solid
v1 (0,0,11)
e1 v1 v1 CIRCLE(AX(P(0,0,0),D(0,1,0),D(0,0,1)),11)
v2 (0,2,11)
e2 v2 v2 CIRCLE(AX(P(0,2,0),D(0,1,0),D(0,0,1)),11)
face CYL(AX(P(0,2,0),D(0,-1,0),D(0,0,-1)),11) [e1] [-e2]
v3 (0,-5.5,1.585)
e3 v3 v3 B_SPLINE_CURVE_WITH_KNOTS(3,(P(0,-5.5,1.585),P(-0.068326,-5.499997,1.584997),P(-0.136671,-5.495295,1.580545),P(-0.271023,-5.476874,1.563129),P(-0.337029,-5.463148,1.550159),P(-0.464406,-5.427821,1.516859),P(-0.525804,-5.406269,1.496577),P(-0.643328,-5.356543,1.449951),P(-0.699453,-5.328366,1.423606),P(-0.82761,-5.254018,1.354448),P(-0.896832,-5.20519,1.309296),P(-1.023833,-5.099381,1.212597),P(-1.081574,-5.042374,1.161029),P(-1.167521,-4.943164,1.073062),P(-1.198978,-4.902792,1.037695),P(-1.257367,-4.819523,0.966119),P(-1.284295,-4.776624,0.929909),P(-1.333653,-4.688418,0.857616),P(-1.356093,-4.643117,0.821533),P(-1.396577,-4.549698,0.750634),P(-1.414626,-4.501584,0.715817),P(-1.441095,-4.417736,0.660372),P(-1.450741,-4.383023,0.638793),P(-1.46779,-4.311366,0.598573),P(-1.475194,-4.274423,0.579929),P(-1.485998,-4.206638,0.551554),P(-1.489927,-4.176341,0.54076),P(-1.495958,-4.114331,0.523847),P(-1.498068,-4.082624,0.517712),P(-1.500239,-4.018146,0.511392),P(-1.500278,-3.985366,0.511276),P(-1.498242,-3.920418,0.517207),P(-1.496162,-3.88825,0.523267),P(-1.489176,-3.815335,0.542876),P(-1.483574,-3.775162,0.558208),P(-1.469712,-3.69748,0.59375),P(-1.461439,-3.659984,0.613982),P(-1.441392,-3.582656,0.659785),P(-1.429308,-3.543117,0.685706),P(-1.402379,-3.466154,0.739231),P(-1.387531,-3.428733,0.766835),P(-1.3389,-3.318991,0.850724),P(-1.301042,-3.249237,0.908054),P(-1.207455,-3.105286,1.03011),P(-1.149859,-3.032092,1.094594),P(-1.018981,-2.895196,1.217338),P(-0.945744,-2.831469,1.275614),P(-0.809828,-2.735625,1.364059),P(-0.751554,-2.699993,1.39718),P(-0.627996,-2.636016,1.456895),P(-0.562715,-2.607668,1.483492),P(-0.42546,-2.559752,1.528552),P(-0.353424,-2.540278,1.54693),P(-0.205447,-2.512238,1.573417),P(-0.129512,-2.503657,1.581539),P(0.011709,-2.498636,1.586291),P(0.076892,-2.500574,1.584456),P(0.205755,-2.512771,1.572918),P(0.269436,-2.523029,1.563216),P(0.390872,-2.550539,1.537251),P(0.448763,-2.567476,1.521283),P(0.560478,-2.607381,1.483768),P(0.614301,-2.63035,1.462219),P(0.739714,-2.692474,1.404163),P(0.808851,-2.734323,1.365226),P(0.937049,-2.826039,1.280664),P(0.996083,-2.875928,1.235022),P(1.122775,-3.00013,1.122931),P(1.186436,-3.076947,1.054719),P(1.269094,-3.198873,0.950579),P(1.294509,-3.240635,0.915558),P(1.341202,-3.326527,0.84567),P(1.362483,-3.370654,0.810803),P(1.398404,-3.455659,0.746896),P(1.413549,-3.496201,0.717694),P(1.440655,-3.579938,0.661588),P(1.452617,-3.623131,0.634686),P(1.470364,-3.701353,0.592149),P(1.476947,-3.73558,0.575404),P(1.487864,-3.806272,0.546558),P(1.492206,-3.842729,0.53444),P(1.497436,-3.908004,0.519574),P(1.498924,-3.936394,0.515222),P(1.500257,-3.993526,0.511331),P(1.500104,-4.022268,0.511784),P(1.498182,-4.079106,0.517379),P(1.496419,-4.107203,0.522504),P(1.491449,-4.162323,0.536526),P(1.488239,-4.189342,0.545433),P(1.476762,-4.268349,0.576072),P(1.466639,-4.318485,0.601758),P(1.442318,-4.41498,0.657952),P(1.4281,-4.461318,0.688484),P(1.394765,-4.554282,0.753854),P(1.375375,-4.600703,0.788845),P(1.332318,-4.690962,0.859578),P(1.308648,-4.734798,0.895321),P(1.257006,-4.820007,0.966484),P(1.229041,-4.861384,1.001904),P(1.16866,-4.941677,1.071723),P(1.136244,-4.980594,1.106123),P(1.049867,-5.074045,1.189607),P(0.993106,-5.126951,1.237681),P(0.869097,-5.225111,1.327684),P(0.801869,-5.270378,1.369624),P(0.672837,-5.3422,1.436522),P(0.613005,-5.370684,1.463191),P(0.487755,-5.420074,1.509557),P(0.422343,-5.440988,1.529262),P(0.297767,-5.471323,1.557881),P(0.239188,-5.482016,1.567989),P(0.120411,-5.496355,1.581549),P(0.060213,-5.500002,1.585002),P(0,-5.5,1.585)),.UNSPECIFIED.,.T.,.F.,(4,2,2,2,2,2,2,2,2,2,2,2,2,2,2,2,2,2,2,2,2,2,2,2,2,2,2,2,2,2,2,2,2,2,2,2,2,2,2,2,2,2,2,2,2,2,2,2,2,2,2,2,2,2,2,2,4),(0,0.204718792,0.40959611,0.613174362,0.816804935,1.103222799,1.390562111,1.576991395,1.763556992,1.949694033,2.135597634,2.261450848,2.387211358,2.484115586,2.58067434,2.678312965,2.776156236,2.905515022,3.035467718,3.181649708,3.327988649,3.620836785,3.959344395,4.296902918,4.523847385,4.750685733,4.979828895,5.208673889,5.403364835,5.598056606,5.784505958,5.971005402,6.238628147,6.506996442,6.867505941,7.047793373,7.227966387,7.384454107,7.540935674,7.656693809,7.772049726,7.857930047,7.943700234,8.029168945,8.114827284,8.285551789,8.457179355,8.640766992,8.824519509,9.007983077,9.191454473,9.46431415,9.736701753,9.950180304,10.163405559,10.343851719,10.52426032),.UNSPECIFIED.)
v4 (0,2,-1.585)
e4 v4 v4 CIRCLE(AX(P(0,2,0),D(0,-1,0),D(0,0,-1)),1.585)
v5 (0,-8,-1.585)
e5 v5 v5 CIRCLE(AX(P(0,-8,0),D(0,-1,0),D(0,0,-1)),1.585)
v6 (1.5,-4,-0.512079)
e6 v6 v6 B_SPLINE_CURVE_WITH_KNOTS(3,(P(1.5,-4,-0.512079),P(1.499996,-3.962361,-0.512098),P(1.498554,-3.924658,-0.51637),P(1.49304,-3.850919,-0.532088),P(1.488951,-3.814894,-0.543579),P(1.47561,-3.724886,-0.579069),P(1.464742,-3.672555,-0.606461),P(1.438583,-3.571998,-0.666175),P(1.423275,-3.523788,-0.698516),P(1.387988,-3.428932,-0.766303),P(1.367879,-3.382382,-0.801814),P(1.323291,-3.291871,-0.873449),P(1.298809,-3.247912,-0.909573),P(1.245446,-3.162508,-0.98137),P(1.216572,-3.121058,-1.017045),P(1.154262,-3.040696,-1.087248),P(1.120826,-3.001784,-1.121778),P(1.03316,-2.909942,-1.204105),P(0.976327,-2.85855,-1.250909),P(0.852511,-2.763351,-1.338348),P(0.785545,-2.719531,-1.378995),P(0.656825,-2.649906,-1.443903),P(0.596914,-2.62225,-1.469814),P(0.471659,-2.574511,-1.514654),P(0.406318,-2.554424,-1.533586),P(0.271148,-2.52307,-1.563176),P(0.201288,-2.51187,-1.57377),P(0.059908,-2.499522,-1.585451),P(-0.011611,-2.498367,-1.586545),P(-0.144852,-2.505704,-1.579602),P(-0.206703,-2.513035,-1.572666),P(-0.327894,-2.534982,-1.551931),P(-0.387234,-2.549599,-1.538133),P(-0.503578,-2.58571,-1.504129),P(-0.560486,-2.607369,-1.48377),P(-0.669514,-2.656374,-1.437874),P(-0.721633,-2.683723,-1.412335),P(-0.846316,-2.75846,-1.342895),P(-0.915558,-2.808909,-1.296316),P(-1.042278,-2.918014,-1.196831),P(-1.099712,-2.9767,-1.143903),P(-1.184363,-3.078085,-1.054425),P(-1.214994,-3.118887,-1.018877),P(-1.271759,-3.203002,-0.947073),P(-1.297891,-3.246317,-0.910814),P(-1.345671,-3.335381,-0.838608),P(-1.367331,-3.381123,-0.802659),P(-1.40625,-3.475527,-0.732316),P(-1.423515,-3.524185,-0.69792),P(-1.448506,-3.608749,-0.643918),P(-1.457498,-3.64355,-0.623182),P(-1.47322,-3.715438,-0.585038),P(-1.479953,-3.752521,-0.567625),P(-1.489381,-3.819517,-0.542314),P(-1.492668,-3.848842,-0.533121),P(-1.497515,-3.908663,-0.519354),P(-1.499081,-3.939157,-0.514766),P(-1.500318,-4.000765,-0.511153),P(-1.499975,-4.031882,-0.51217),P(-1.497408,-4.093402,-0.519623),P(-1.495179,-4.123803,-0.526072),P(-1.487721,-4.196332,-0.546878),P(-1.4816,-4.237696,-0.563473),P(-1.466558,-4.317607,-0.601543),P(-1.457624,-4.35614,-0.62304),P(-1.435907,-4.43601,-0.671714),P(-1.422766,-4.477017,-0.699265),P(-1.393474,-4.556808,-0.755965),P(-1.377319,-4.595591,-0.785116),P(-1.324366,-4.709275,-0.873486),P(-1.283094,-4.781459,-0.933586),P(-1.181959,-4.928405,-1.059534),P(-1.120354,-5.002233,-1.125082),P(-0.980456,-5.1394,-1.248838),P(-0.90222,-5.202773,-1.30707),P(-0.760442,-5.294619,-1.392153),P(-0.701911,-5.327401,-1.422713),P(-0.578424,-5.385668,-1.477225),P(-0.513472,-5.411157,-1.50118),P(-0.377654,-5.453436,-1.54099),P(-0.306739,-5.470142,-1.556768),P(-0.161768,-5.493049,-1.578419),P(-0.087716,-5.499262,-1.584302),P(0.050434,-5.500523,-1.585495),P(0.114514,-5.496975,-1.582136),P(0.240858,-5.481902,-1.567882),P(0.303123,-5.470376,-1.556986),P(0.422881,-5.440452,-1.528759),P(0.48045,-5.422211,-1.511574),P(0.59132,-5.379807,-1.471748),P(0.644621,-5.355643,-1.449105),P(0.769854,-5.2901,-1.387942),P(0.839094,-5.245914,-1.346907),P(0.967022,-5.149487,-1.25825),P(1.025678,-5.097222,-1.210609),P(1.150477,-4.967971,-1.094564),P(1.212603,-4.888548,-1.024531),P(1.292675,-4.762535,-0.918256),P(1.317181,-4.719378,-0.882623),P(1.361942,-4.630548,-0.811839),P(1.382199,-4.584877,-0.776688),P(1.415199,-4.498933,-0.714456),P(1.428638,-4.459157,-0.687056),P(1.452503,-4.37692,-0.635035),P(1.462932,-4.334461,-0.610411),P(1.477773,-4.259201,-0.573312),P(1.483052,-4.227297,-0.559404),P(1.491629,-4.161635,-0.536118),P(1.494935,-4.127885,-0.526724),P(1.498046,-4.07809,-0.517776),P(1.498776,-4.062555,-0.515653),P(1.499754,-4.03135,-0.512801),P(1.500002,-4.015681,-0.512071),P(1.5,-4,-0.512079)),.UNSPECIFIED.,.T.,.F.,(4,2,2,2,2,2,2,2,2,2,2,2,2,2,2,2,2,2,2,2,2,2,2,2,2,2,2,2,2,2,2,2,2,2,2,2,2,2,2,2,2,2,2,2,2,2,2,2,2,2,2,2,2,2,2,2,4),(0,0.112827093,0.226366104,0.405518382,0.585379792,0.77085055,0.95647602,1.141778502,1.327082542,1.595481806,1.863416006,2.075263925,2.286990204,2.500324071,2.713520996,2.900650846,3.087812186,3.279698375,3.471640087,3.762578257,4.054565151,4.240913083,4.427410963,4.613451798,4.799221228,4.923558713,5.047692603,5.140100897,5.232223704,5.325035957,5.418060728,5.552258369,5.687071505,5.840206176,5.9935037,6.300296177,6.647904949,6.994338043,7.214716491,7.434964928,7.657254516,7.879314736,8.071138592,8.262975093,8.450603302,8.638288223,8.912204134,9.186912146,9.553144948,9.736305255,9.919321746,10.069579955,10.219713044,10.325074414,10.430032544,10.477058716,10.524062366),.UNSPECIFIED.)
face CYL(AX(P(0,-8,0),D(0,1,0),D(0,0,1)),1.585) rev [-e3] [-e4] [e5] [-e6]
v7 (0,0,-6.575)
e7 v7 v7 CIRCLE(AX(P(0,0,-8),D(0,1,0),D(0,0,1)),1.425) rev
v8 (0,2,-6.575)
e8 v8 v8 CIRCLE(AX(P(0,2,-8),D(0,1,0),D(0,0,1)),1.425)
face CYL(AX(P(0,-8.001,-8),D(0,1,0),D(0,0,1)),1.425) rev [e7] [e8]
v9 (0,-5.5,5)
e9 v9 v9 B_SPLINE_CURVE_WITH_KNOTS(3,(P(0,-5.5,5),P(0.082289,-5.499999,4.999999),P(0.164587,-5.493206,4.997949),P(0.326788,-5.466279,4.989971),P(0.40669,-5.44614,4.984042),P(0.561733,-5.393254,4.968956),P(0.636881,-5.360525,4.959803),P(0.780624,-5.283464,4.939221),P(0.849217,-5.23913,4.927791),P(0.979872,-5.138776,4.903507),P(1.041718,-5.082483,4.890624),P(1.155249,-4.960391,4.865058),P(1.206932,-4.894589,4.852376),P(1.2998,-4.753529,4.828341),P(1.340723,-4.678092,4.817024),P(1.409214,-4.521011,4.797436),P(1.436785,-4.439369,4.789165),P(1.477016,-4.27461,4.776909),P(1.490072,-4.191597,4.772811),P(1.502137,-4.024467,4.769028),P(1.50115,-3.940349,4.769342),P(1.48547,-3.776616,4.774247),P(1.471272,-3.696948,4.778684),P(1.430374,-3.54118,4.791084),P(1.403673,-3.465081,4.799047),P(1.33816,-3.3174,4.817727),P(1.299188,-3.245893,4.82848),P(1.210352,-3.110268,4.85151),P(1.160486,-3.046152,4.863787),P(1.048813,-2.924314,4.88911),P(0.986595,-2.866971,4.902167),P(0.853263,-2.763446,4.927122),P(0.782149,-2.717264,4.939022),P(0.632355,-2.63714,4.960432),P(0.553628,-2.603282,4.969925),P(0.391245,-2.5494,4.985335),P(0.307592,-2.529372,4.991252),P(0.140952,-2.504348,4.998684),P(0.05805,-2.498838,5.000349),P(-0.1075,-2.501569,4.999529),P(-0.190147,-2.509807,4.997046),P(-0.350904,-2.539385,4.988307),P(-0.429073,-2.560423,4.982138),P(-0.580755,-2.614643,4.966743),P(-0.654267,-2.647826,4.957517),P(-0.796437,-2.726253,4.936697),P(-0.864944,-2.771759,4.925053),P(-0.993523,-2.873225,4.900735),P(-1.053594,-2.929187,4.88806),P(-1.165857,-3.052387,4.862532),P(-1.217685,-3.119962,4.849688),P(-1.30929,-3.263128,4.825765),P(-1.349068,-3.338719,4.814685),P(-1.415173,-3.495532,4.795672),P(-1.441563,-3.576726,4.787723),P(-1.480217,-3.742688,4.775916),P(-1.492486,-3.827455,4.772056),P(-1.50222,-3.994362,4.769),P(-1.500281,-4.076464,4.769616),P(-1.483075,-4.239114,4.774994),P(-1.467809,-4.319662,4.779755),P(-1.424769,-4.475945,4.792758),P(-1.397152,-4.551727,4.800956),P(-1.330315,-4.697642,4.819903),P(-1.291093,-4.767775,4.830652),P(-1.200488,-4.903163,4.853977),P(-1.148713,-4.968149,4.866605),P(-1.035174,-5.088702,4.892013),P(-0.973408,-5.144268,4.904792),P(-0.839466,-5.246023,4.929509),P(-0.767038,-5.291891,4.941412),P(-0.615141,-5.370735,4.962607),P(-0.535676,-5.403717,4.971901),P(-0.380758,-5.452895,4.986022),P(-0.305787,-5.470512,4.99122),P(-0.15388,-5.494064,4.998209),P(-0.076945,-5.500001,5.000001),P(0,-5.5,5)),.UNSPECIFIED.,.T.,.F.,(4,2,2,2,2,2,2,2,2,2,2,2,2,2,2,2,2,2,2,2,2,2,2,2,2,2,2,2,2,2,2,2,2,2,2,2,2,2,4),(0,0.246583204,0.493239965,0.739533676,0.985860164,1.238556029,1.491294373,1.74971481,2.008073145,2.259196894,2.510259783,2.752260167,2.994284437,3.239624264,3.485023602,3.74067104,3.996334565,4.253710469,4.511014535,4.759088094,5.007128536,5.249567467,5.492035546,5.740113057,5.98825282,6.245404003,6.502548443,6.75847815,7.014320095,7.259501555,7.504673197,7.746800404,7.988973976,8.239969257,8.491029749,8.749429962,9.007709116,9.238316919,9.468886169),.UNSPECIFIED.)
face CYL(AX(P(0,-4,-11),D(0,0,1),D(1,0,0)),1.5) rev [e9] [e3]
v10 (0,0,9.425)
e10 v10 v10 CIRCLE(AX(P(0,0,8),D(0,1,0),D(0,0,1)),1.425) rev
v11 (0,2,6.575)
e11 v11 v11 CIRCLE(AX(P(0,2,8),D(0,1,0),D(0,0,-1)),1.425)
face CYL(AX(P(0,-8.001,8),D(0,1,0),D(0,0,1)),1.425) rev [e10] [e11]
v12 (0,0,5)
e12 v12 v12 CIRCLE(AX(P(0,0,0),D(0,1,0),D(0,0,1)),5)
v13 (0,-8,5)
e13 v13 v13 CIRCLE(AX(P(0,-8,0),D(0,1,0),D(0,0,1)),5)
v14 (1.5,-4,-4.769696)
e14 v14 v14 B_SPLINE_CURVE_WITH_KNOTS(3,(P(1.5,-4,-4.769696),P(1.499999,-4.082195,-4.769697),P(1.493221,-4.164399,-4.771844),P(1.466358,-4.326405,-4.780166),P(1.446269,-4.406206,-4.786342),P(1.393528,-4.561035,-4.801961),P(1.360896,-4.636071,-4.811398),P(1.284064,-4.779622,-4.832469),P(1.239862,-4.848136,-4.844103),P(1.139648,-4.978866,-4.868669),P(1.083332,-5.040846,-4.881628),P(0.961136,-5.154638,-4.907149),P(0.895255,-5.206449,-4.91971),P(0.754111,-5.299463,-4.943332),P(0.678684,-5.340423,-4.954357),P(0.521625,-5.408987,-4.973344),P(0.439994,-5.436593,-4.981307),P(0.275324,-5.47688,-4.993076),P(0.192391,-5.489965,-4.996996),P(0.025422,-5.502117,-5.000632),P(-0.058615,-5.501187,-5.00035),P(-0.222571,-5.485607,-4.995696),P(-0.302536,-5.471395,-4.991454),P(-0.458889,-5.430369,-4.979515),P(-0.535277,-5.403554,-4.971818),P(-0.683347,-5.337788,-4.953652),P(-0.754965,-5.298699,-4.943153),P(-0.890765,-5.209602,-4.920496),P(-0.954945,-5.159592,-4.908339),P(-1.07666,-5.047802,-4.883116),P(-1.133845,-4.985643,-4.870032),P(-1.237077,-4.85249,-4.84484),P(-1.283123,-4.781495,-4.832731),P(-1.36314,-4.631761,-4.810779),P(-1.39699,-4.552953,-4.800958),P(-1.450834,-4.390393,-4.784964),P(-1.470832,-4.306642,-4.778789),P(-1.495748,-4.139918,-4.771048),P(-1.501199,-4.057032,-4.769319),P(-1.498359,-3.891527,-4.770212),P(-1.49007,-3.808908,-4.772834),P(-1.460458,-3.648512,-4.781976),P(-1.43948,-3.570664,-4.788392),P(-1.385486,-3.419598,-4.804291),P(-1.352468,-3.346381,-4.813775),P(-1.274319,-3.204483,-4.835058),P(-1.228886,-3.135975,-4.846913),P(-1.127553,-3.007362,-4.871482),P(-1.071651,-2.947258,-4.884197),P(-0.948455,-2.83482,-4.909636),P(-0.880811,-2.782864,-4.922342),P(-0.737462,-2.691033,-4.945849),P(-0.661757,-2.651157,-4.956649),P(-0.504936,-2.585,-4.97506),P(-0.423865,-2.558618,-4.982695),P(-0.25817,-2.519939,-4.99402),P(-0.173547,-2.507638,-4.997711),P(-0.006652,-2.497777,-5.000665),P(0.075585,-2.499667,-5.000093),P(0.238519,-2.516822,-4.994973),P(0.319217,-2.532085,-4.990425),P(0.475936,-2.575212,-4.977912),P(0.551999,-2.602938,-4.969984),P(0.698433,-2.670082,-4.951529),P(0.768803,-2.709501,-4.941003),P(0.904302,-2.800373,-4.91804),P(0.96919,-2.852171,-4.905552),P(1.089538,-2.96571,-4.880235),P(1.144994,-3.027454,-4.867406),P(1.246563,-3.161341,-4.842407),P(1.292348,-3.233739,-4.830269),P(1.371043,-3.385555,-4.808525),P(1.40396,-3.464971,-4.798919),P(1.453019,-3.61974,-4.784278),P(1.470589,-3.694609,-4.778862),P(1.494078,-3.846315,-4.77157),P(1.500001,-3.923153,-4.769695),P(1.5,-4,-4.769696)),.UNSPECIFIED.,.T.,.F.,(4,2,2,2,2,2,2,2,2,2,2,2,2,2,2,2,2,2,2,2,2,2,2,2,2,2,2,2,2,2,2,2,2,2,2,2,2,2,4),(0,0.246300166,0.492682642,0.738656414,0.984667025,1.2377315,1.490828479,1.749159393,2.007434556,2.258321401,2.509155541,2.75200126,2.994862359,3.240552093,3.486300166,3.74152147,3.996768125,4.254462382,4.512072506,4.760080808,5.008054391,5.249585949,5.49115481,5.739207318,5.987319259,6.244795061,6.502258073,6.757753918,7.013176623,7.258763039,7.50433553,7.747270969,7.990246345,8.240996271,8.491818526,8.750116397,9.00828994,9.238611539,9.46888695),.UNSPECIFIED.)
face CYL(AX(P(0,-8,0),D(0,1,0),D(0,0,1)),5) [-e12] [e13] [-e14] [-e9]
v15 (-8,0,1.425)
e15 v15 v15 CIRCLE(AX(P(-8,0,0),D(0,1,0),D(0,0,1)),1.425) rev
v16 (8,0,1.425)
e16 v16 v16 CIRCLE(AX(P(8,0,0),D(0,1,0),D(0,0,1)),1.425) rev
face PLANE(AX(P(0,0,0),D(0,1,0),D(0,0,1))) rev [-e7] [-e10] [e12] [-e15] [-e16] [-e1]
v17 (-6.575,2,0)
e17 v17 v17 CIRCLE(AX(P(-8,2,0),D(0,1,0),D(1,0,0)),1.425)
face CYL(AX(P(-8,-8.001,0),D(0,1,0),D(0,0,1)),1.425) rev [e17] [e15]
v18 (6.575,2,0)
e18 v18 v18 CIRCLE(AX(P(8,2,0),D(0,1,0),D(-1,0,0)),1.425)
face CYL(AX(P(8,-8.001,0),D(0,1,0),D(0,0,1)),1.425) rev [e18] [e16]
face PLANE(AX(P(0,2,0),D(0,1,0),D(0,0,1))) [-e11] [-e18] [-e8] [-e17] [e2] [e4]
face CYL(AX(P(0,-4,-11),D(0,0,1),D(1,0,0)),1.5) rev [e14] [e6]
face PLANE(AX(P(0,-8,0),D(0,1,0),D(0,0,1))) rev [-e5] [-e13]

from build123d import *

# Parameters (mm, degrees)
SKETCH1_R               = 11
BOSS_EXTRUDE1_DEPTH     = 2
SKETCH2_R               = 5
BOSS_EXTRUDE2_DEPTH     = 8
SKETCH3_R               = 1.585
CUT_EXTRUDE1_DEPTH      = 11
SKETCH4_R               = 1.425
CUT_EXTRUDE2_DEPTH      = 2
CIRPATTERN1_COUNT       = 4
SKETCH5_R               = 1.5
CUT_EXTRUDE3_DEPTH      = 12
CUT_EXTRUDE3_DEPTH_BACK = 12


with BuildPart() as part:
    # Sketch1 → Boss-Extrude1 (new body)
    with BuildSketch(Plane(origin=(0, 0, 0), x_dir=(1, 0, 0), z_dir=(0, 1, 0))):
        Circle(SKETCH1_R)
    extrude(amount=BOSS_EXTRUDE1_DEPTH)

    # Sketch2 → Boss-Extrude2 (add)
    with BuildSketch(Plane(origin=(0, 0, 0), x_dir=(1, 0, 0), z_dir=(0, 1, 0))):
        Circle(SKETCH2_R)
    extrude(amount=-BOSS_EXTRUDE2_DEPTH)

    # Sketch3 → Cut-Extrude1 (cut, through all)
    with BuildSketch(Plane(origin=(0, 2, 0), x_dir=(-1, 0, 0), z_dir=(0, -1, 0))):
        Circle(SKETCH3_R)
    extrude(amount=CUT_EXTRUDE1_DEPTH, mode=Mode.SUBTRACT)

    # Sketch4 → Cut-Extrude2 (cut)
    with BuildSketch(Plane(origin=(0, 2, 0), x_dir=(1, 0, 0), z_dir=(0, 1, 0))):
        with Locations((0, 8)):
            Circle(SKETCH4_R)
    cut_extrude2 = extrude(amount=-CUT_EXTRUDE2_DEPTH, mode=Mode.SUBTRACT)

    # CirPattern1: Cut-Extrude2 ×4 about axis
    cirpattern1_axis = Axis((0, 0, 0), (0, 1, 0))
    for i in range(1, CIRPATTERN1_COUNT):
        add(cut_extrude2.rotate(cirpattern1_axis, i * 360 / CIRPATTERN1_COUNT), mode=Mode.SUBTRACT)

    # Sketch5 → Cut-Extrude3 (cut, two sides)
    with BuildSketch(Plane.XY) as cut_extrude3_sk:
        with Locations((0, -4)):
            Circle(SKETCH5_R)
    extrude(amount=CUT_EXTRUDE3_DEPTH, mode=Mode.SUBTRACT)
    extrude(cut_extrude3_sk.sketch, amount=-CUT_EXTRUDE3_DEPTH_BACK, mode=Mode.SUBTRACT)


solid = part.part
